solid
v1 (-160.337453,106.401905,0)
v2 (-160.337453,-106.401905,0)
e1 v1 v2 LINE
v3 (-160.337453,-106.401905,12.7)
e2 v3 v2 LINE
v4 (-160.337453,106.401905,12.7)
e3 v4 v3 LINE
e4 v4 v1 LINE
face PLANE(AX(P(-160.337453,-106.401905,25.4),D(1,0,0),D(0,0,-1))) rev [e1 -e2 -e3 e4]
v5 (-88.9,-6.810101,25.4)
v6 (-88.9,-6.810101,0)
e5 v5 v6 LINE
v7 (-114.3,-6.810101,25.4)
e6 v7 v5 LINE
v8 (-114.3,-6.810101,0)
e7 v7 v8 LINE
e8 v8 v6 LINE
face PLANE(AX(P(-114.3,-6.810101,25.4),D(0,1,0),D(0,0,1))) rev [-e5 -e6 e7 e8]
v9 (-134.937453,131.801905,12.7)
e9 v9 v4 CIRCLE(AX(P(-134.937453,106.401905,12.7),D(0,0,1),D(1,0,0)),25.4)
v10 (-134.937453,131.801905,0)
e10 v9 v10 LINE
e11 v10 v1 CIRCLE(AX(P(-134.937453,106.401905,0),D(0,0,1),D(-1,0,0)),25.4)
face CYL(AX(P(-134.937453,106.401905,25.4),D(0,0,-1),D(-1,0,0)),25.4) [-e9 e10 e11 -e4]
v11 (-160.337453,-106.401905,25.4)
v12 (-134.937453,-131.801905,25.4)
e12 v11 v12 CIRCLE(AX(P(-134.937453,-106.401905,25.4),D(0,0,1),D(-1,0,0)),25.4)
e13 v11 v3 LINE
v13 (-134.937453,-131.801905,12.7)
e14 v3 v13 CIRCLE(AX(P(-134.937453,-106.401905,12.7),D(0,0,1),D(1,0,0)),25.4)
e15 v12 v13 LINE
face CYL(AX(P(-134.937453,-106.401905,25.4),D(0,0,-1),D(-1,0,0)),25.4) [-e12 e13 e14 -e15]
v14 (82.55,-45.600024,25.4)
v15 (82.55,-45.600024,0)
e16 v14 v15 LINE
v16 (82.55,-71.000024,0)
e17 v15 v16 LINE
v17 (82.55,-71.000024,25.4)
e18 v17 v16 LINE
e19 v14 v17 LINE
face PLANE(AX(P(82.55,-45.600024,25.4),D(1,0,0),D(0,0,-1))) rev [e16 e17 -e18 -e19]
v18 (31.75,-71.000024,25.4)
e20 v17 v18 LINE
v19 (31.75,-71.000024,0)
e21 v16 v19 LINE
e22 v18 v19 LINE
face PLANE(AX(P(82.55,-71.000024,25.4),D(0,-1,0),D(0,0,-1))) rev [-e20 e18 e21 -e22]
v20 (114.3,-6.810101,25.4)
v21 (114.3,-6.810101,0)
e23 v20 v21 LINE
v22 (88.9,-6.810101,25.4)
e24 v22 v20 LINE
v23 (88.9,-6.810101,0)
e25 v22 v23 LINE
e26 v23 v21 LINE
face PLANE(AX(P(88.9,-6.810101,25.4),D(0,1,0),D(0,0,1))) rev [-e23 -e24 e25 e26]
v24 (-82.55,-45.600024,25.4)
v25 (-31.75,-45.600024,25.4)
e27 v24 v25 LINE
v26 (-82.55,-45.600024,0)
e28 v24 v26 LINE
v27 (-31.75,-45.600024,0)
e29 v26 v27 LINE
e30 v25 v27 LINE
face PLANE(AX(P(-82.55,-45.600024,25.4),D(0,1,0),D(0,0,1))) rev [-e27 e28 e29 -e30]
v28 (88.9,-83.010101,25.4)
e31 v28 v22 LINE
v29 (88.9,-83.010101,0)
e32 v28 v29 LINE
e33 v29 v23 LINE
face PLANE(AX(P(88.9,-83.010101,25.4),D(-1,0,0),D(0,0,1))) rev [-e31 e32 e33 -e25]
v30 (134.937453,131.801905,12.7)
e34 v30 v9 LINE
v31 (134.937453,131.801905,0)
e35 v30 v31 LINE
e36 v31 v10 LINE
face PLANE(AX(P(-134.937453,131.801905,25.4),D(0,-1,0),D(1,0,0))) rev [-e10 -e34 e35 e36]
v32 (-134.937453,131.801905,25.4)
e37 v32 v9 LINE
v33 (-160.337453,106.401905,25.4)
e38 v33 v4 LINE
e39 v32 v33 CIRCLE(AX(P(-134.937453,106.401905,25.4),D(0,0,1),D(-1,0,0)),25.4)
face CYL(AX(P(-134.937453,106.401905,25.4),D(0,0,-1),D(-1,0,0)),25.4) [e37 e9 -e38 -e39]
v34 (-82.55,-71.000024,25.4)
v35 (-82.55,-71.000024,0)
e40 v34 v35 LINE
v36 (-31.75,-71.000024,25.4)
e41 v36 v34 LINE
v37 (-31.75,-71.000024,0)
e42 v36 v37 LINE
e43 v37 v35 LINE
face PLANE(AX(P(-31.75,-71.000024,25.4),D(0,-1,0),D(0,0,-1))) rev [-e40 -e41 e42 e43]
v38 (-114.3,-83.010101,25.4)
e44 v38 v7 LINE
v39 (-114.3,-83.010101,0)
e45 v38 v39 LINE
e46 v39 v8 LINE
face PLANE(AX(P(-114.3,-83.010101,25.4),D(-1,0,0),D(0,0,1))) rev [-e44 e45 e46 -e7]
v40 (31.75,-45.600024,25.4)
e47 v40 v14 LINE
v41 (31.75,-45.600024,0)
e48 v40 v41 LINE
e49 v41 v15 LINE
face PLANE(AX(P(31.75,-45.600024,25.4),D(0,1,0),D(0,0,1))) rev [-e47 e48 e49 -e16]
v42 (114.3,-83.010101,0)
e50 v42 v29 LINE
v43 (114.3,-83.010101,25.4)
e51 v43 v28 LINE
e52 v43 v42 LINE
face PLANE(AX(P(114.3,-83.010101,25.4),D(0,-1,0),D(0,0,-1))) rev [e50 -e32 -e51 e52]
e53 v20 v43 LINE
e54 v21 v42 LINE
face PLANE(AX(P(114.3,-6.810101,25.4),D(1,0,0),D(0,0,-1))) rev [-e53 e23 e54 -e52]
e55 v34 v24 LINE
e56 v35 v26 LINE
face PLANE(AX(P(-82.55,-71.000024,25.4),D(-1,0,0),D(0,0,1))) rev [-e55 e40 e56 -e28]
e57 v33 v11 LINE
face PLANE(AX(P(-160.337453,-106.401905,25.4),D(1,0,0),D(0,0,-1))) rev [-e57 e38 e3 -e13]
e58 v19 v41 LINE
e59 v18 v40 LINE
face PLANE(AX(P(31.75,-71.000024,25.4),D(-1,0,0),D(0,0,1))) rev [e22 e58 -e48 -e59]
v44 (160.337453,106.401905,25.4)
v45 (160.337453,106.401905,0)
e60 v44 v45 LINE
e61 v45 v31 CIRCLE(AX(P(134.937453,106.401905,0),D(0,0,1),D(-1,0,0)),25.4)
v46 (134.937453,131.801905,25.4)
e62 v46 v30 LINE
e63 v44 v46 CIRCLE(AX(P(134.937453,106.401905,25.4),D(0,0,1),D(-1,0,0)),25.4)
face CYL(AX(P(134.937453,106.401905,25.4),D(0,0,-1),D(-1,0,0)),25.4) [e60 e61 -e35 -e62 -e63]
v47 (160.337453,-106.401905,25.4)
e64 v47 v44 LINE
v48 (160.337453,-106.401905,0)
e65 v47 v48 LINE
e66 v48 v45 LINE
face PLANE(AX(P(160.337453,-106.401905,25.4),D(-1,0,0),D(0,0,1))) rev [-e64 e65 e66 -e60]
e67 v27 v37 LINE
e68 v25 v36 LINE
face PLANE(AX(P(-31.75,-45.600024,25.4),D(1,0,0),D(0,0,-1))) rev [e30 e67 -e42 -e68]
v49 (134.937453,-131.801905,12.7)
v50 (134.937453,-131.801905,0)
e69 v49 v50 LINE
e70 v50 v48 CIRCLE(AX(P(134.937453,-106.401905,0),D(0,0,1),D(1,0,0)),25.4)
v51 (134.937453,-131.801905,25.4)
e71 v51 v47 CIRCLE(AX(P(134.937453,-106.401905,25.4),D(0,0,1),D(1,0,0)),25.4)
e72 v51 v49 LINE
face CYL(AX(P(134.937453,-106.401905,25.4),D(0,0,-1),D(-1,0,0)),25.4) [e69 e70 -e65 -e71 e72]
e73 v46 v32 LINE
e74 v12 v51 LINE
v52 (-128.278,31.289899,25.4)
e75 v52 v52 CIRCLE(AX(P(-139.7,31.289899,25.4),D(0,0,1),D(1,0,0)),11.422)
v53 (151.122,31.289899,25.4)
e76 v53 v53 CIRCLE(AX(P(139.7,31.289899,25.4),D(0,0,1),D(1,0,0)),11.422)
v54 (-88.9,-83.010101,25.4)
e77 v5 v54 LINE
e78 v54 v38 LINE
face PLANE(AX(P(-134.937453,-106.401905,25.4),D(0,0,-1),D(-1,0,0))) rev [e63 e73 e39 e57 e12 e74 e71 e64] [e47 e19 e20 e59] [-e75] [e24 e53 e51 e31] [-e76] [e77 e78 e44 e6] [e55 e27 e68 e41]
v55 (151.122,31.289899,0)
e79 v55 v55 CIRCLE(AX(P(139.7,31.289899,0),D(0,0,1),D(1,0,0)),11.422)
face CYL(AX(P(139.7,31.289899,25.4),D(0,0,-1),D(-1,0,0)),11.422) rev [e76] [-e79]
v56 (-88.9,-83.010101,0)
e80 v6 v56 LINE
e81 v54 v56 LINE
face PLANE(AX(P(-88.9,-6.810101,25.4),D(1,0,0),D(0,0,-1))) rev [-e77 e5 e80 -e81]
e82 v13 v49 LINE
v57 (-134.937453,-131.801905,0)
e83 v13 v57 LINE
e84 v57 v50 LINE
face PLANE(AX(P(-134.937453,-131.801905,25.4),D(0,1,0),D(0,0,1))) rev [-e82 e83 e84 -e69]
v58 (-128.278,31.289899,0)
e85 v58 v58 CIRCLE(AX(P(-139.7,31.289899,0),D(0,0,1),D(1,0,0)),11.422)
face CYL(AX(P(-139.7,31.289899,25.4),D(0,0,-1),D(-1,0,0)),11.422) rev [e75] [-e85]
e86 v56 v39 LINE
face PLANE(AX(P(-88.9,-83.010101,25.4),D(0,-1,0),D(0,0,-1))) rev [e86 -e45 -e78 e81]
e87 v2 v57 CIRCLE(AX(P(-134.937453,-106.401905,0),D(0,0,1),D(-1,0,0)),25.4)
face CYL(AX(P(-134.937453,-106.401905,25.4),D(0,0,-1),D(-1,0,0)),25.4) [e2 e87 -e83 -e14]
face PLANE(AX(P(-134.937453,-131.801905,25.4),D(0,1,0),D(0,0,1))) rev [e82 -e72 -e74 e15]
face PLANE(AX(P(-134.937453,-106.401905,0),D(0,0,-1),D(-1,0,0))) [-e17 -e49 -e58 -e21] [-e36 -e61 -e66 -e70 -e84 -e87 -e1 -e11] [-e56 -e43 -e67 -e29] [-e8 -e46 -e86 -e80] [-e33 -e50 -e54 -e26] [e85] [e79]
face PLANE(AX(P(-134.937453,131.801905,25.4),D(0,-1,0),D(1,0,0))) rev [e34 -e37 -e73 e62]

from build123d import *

# Parameters (mm, degrees)
SKETCH1_R                      = 11.422
BOSS_EXTRUDE1_DEPTH            = 25.4
SKETCH2_W                      = 50.8
SKETCH2_H                      = 25.4
FOAM_INSERT_CUT_THROUGHS_DEPTH = 25.4
SKETCH3_W                      = 25.4
SKETCH3_H                      = 76.2
CUT_EXTRUDE1_DEPTH             = 25.4


with BuildPart() as part:
    # Sketch1 → Boss-Extrude1 (new body)
    with BuildSketch(Plane.XY):
        with BuildLine():
            Line((-134.937453137, -131.801904544), (134.937453137, -131.801904544))
            ThreePointArc((134.937453137, -131.801904544), (152.897965379, -124.362416786), (160.337453137, -106.401904544))
            Line((160.337453137, -106.401904544), (160.337453137, 106.401904544))
            ThreePointArc((160.337453137, 106.401904544), (152.897965379, 124.362416786), (134.937453137, 131.801904544))
            Line((134.937453137, 131.801904544), (-134.937453137, 131.801904544))
            ThreePointArc((-134.937453137, 131.801904544), (-152.897965379, 124.362416786), (-160.337453137, 106.401904544))
            Line((-160.337453137, 106.401904544), (-160.337453137, -106.401904544))
            ThreePointArc((-160.337453137, -106.401904544), (-152.897965379, -124.362416786), (-134.937453137, -131.801904544))
        make_face()
        with Locations((-139.7, 31.289898812)):
            Circle(SKETCH1_R, mode=Mode.SUBTRACT)
        with Locations((139.7, 31.289898812)):
            Circle(SKETCH1_R, mode=Mode.SUBTRACT)
    extrude(amount=BOSS_EXTRUDE1_DEPTH)

    # Sketch2 → Foam Insert Cut-Throughs (cut)
    with BuildSketch(Plane(origin=(0, 0, 0), x_dir=(-1, 0, 0), z_dir=(0, 0, -1))):
        with Locations((-57.15, -58.30002437)):
            Rectangle(SKETCH2_W, SKETCH2_H)
        with Locations((57.15, -58.30002437)):
            Rectangle(SKETCH2_W, SKETCH2_H)
    extrude(amount=-FOAM_INSERT_CUT_THROUGHS_DEPTH, mode=Mode.SUBTRACT)

    # Sketch3 (on Front Plane) → Cut-Extrude1 (cut)
    with BuildSketch(Plane.XY):
        with Locations((-101.6, -44.910101188)):
            Rectangle(SKETCH3_W, SKETCH3_H)
        with Locations((101.6, -44.910101188)):
            Rectangle(SKETCH3_W, SKETCH3_H)
    extrude(amount=CUT_EXTRUDE1_DEPTH, mode=Mode.SUBTRACT)


solid = part.part
